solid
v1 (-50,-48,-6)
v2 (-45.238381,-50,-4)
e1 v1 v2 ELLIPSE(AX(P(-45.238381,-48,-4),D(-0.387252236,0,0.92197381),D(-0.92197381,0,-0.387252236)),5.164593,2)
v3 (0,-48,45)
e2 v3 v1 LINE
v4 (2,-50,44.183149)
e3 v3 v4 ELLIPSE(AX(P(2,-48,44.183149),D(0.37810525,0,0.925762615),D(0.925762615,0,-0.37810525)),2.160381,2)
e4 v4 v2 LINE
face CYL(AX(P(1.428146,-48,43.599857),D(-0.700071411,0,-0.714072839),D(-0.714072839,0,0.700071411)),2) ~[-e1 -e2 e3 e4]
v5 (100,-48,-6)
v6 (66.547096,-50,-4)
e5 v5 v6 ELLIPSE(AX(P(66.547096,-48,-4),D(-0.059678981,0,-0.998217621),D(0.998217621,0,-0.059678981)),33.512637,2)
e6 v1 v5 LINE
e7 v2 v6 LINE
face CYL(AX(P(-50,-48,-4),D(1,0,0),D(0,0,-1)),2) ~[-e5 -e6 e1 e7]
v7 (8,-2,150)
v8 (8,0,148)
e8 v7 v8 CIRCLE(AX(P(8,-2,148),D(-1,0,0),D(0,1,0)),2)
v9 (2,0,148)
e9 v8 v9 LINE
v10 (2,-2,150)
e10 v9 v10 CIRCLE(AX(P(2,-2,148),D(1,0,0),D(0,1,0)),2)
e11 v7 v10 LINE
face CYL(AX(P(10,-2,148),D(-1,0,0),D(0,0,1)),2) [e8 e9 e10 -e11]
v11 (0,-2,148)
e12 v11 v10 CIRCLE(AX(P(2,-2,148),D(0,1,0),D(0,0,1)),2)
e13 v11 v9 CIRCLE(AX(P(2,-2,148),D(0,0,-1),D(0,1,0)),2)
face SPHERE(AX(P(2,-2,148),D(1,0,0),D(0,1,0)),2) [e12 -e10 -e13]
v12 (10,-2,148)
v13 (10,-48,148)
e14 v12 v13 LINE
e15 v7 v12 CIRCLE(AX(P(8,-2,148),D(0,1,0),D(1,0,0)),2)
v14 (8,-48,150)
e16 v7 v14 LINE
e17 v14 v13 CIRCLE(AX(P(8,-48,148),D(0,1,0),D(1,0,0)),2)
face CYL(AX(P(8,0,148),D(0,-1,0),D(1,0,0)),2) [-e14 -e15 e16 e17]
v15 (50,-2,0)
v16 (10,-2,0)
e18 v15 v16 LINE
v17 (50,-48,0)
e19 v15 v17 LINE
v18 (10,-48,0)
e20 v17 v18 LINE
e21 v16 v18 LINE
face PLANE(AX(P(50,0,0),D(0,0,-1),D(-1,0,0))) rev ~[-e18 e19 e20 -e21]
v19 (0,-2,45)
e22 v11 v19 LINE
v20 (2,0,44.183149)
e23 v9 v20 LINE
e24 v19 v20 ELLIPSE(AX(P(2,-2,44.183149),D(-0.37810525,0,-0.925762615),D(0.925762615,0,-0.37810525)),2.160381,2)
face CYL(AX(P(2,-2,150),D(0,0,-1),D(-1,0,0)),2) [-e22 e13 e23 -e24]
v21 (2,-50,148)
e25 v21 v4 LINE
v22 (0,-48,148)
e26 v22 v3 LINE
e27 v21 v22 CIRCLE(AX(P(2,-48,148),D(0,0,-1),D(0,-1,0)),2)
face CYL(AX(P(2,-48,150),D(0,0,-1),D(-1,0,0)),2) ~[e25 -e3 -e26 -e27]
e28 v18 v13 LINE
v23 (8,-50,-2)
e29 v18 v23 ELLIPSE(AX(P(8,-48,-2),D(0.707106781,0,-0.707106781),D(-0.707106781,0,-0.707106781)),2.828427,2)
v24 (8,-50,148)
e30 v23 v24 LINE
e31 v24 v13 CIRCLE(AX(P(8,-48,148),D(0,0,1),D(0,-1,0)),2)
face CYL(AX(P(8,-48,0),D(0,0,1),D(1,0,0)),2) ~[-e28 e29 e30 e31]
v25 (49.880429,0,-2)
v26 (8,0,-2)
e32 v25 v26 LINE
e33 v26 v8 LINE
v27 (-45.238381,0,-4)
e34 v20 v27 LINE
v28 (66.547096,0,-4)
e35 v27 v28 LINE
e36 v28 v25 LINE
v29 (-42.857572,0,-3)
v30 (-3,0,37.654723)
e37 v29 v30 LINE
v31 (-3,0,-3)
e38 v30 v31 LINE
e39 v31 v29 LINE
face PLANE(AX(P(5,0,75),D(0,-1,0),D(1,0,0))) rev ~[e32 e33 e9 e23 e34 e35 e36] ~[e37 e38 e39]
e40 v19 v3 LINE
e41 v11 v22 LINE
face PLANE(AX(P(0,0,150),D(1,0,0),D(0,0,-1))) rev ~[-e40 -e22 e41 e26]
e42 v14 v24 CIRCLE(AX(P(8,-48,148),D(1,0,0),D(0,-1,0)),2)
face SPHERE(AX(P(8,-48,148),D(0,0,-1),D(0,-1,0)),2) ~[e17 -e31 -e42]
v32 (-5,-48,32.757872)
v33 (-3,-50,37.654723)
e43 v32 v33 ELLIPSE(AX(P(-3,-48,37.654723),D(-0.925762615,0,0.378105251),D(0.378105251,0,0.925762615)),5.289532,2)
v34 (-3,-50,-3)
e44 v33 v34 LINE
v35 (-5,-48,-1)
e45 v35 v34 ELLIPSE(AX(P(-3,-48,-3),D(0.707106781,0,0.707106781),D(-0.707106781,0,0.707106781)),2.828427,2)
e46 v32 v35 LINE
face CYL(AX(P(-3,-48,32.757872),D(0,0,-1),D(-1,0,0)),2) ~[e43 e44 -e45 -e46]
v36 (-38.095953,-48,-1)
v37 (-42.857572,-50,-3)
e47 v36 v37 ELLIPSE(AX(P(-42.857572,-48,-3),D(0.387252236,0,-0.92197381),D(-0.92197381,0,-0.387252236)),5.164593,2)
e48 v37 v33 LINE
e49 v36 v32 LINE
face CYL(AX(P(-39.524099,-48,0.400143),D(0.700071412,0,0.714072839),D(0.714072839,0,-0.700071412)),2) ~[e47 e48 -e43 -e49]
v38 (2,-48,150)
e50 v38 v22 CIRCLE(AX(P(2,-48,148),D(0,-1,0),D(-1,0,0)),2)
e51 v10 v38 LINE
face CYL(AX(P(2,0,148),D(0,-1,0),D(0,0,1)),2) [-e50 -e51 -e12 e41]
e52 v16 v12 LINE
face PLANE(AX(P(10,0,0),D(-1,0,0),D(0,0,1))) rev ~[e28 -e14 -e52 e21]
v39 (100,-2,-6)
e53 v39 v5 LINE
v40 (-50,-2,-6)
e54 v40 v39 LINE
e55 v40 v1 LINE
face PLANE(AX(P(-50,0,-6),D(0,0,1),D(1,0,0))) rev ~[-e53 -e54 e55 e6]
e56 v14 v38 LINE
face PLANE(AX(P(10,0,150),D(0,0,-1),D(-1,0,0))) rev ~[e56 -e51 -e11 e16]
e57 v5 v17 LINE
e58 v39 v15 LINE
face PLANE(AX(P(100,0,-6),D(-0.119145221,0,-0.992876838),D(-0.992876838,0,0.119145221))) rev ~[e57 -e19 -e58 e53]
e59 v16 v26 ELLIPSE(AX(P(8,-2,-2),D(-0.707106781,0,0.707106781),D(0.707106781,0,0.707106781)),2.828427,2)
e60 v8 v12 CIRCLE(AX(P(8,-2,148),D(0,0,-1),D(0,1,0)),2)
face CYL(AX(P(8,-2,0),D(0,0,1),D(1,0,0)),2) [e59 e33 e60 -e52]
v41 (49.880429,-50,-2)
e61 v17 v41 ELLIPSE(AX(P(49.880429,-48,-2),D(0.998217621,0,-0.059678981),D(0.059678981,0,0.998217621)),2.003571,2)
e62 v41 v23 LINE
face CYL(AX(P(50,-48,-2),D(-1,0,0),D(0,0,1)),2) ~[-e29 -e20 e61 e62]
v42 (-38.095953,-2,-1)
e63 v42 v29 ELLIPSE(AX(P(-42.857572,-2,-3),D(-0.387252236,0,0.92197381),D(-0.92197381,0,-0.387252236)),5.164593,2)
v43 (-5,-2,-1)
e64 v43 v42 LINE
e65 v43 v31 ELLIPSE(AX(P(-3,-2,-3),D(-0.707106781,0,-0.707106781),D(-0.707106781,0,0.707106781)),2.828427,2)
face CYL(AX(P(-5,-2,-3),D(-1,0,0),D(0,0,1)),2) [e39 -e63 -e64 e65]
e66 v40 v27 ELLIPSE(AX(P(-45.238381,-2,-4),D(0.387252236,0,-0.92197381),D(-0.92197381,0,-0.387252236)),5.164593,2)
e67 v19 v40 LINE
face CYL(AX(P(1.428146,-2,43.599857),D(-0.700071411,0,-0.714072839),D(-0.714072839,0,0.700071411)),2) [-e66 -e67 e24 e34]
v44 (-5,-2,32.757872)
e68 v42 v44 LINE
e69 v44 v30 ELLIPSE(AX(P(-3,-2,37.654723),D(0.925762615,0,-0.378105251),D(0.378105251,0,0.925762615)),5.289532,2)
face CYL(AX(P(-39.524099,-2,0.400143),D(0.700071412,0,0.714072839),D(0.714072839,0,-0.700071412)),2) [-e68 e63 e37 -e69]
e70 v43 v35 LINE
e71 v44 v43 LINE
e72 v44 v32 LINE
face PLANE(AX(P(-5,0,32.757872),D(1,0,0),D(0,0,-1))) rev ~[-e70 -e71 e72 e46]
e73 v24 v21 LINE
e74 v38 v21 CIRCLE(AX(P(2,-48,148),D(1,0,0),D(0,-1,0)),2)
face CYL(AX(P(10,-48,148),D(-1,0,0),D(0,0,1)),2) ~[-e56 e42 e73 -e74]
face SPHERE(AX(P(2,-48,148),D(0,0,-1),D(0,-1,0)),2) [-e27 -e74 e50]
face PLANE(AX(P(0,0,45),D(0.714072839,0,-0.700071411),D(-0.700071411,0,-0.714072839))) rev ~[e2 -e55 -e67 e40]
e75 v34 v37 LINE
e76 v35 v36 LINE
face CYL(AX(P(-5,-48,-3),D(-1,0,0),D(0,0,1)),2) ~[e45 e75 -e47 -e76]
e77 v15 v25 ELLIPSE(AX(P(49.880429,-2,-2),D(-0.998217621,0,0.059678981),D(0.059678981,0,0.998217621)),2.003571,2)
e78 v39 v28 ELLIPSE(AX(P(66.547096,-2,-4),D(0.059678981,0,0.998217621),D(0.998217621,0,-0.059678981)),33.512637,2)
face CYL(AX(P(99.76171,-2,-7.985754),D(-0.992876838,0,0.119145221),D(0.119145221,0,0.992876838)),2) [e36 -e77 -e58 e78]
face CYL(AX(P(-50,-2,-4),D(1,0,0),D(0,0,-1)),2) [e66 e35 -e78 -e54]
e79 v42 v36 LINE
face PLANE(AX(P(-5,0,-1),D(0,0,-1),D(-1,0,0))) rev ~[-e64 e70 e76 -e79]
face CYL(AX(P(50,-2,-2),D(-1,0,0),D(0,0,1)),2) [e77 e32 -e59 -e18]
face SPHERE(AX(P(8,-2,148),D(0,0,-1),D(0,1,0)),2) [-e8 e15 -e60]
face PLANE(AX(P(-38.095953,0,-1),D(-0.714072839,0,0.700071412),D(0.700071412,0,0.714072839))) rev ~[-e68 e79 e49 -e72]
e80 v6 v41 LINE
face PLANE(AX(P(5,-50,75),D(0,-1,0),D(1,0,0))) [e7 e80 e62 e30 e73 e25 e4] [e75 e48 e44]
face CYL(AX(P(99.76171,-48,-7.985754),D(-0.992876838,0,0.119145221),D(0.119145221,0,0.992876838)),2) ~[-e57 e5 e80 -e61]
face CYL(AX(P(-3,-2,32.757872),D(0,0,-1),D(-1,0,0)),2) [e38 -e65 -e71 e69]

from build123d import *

# Parameters (mm, degrees)
F1_DEPTH = 50
F2_R     = 2


with BuildPart() as f1:
    # F0 (on Front) → F1 (new body)
    with BuildSketch(Plane.XZ):
        Polygon((0, 45), (0, 0), (10, 0), (10, 150), (0, 150), align=None)
        Polygon((0, -6), (0, 0), (0, 45), (-50, -6), align=None)
        Polygon((-5, 32.757872), (-5, -1), (-38.095953, -1), align=None, mode=Mode.SUBTRACT)
        Polygon((10, 0), (0, 0), (0, -6), (100, -6), (50, 0), align=None)
    extrude(amount=F1_DEPTH)

    # F2
    f2_edges = [f1.edges().sort_by_distance(p)[0] for p in [
        (0, -50, 97.5),
        (-25, -50, 19.5),
        (25, -50, -6),
        (75, -50, -3),
        (30, -50, 0),
        (10, -50, 75),
        (5, -50, 150),
        (-21.547976, -50, -1),
        (-21.547976, -50, 15.878936),
        (-5, -50, 15.878936),
        (10, 0, 75),
        (5, 0, 150),
        (0, 0, 97.5),
        (-25, 0, 19.5),
        (25, 0, -6),
        (75, 0, -3),
        (30, 0, 0),
        (-21.547976, 0, -1),
        (-21.547976, 0, 15.878936),
        (-5, 0, 15.878936),
        (10, -25, 150),
        (0, -25, 150),
    ]]
    fillet(f2_edges, radius=F2_R)


solid = f1.part
